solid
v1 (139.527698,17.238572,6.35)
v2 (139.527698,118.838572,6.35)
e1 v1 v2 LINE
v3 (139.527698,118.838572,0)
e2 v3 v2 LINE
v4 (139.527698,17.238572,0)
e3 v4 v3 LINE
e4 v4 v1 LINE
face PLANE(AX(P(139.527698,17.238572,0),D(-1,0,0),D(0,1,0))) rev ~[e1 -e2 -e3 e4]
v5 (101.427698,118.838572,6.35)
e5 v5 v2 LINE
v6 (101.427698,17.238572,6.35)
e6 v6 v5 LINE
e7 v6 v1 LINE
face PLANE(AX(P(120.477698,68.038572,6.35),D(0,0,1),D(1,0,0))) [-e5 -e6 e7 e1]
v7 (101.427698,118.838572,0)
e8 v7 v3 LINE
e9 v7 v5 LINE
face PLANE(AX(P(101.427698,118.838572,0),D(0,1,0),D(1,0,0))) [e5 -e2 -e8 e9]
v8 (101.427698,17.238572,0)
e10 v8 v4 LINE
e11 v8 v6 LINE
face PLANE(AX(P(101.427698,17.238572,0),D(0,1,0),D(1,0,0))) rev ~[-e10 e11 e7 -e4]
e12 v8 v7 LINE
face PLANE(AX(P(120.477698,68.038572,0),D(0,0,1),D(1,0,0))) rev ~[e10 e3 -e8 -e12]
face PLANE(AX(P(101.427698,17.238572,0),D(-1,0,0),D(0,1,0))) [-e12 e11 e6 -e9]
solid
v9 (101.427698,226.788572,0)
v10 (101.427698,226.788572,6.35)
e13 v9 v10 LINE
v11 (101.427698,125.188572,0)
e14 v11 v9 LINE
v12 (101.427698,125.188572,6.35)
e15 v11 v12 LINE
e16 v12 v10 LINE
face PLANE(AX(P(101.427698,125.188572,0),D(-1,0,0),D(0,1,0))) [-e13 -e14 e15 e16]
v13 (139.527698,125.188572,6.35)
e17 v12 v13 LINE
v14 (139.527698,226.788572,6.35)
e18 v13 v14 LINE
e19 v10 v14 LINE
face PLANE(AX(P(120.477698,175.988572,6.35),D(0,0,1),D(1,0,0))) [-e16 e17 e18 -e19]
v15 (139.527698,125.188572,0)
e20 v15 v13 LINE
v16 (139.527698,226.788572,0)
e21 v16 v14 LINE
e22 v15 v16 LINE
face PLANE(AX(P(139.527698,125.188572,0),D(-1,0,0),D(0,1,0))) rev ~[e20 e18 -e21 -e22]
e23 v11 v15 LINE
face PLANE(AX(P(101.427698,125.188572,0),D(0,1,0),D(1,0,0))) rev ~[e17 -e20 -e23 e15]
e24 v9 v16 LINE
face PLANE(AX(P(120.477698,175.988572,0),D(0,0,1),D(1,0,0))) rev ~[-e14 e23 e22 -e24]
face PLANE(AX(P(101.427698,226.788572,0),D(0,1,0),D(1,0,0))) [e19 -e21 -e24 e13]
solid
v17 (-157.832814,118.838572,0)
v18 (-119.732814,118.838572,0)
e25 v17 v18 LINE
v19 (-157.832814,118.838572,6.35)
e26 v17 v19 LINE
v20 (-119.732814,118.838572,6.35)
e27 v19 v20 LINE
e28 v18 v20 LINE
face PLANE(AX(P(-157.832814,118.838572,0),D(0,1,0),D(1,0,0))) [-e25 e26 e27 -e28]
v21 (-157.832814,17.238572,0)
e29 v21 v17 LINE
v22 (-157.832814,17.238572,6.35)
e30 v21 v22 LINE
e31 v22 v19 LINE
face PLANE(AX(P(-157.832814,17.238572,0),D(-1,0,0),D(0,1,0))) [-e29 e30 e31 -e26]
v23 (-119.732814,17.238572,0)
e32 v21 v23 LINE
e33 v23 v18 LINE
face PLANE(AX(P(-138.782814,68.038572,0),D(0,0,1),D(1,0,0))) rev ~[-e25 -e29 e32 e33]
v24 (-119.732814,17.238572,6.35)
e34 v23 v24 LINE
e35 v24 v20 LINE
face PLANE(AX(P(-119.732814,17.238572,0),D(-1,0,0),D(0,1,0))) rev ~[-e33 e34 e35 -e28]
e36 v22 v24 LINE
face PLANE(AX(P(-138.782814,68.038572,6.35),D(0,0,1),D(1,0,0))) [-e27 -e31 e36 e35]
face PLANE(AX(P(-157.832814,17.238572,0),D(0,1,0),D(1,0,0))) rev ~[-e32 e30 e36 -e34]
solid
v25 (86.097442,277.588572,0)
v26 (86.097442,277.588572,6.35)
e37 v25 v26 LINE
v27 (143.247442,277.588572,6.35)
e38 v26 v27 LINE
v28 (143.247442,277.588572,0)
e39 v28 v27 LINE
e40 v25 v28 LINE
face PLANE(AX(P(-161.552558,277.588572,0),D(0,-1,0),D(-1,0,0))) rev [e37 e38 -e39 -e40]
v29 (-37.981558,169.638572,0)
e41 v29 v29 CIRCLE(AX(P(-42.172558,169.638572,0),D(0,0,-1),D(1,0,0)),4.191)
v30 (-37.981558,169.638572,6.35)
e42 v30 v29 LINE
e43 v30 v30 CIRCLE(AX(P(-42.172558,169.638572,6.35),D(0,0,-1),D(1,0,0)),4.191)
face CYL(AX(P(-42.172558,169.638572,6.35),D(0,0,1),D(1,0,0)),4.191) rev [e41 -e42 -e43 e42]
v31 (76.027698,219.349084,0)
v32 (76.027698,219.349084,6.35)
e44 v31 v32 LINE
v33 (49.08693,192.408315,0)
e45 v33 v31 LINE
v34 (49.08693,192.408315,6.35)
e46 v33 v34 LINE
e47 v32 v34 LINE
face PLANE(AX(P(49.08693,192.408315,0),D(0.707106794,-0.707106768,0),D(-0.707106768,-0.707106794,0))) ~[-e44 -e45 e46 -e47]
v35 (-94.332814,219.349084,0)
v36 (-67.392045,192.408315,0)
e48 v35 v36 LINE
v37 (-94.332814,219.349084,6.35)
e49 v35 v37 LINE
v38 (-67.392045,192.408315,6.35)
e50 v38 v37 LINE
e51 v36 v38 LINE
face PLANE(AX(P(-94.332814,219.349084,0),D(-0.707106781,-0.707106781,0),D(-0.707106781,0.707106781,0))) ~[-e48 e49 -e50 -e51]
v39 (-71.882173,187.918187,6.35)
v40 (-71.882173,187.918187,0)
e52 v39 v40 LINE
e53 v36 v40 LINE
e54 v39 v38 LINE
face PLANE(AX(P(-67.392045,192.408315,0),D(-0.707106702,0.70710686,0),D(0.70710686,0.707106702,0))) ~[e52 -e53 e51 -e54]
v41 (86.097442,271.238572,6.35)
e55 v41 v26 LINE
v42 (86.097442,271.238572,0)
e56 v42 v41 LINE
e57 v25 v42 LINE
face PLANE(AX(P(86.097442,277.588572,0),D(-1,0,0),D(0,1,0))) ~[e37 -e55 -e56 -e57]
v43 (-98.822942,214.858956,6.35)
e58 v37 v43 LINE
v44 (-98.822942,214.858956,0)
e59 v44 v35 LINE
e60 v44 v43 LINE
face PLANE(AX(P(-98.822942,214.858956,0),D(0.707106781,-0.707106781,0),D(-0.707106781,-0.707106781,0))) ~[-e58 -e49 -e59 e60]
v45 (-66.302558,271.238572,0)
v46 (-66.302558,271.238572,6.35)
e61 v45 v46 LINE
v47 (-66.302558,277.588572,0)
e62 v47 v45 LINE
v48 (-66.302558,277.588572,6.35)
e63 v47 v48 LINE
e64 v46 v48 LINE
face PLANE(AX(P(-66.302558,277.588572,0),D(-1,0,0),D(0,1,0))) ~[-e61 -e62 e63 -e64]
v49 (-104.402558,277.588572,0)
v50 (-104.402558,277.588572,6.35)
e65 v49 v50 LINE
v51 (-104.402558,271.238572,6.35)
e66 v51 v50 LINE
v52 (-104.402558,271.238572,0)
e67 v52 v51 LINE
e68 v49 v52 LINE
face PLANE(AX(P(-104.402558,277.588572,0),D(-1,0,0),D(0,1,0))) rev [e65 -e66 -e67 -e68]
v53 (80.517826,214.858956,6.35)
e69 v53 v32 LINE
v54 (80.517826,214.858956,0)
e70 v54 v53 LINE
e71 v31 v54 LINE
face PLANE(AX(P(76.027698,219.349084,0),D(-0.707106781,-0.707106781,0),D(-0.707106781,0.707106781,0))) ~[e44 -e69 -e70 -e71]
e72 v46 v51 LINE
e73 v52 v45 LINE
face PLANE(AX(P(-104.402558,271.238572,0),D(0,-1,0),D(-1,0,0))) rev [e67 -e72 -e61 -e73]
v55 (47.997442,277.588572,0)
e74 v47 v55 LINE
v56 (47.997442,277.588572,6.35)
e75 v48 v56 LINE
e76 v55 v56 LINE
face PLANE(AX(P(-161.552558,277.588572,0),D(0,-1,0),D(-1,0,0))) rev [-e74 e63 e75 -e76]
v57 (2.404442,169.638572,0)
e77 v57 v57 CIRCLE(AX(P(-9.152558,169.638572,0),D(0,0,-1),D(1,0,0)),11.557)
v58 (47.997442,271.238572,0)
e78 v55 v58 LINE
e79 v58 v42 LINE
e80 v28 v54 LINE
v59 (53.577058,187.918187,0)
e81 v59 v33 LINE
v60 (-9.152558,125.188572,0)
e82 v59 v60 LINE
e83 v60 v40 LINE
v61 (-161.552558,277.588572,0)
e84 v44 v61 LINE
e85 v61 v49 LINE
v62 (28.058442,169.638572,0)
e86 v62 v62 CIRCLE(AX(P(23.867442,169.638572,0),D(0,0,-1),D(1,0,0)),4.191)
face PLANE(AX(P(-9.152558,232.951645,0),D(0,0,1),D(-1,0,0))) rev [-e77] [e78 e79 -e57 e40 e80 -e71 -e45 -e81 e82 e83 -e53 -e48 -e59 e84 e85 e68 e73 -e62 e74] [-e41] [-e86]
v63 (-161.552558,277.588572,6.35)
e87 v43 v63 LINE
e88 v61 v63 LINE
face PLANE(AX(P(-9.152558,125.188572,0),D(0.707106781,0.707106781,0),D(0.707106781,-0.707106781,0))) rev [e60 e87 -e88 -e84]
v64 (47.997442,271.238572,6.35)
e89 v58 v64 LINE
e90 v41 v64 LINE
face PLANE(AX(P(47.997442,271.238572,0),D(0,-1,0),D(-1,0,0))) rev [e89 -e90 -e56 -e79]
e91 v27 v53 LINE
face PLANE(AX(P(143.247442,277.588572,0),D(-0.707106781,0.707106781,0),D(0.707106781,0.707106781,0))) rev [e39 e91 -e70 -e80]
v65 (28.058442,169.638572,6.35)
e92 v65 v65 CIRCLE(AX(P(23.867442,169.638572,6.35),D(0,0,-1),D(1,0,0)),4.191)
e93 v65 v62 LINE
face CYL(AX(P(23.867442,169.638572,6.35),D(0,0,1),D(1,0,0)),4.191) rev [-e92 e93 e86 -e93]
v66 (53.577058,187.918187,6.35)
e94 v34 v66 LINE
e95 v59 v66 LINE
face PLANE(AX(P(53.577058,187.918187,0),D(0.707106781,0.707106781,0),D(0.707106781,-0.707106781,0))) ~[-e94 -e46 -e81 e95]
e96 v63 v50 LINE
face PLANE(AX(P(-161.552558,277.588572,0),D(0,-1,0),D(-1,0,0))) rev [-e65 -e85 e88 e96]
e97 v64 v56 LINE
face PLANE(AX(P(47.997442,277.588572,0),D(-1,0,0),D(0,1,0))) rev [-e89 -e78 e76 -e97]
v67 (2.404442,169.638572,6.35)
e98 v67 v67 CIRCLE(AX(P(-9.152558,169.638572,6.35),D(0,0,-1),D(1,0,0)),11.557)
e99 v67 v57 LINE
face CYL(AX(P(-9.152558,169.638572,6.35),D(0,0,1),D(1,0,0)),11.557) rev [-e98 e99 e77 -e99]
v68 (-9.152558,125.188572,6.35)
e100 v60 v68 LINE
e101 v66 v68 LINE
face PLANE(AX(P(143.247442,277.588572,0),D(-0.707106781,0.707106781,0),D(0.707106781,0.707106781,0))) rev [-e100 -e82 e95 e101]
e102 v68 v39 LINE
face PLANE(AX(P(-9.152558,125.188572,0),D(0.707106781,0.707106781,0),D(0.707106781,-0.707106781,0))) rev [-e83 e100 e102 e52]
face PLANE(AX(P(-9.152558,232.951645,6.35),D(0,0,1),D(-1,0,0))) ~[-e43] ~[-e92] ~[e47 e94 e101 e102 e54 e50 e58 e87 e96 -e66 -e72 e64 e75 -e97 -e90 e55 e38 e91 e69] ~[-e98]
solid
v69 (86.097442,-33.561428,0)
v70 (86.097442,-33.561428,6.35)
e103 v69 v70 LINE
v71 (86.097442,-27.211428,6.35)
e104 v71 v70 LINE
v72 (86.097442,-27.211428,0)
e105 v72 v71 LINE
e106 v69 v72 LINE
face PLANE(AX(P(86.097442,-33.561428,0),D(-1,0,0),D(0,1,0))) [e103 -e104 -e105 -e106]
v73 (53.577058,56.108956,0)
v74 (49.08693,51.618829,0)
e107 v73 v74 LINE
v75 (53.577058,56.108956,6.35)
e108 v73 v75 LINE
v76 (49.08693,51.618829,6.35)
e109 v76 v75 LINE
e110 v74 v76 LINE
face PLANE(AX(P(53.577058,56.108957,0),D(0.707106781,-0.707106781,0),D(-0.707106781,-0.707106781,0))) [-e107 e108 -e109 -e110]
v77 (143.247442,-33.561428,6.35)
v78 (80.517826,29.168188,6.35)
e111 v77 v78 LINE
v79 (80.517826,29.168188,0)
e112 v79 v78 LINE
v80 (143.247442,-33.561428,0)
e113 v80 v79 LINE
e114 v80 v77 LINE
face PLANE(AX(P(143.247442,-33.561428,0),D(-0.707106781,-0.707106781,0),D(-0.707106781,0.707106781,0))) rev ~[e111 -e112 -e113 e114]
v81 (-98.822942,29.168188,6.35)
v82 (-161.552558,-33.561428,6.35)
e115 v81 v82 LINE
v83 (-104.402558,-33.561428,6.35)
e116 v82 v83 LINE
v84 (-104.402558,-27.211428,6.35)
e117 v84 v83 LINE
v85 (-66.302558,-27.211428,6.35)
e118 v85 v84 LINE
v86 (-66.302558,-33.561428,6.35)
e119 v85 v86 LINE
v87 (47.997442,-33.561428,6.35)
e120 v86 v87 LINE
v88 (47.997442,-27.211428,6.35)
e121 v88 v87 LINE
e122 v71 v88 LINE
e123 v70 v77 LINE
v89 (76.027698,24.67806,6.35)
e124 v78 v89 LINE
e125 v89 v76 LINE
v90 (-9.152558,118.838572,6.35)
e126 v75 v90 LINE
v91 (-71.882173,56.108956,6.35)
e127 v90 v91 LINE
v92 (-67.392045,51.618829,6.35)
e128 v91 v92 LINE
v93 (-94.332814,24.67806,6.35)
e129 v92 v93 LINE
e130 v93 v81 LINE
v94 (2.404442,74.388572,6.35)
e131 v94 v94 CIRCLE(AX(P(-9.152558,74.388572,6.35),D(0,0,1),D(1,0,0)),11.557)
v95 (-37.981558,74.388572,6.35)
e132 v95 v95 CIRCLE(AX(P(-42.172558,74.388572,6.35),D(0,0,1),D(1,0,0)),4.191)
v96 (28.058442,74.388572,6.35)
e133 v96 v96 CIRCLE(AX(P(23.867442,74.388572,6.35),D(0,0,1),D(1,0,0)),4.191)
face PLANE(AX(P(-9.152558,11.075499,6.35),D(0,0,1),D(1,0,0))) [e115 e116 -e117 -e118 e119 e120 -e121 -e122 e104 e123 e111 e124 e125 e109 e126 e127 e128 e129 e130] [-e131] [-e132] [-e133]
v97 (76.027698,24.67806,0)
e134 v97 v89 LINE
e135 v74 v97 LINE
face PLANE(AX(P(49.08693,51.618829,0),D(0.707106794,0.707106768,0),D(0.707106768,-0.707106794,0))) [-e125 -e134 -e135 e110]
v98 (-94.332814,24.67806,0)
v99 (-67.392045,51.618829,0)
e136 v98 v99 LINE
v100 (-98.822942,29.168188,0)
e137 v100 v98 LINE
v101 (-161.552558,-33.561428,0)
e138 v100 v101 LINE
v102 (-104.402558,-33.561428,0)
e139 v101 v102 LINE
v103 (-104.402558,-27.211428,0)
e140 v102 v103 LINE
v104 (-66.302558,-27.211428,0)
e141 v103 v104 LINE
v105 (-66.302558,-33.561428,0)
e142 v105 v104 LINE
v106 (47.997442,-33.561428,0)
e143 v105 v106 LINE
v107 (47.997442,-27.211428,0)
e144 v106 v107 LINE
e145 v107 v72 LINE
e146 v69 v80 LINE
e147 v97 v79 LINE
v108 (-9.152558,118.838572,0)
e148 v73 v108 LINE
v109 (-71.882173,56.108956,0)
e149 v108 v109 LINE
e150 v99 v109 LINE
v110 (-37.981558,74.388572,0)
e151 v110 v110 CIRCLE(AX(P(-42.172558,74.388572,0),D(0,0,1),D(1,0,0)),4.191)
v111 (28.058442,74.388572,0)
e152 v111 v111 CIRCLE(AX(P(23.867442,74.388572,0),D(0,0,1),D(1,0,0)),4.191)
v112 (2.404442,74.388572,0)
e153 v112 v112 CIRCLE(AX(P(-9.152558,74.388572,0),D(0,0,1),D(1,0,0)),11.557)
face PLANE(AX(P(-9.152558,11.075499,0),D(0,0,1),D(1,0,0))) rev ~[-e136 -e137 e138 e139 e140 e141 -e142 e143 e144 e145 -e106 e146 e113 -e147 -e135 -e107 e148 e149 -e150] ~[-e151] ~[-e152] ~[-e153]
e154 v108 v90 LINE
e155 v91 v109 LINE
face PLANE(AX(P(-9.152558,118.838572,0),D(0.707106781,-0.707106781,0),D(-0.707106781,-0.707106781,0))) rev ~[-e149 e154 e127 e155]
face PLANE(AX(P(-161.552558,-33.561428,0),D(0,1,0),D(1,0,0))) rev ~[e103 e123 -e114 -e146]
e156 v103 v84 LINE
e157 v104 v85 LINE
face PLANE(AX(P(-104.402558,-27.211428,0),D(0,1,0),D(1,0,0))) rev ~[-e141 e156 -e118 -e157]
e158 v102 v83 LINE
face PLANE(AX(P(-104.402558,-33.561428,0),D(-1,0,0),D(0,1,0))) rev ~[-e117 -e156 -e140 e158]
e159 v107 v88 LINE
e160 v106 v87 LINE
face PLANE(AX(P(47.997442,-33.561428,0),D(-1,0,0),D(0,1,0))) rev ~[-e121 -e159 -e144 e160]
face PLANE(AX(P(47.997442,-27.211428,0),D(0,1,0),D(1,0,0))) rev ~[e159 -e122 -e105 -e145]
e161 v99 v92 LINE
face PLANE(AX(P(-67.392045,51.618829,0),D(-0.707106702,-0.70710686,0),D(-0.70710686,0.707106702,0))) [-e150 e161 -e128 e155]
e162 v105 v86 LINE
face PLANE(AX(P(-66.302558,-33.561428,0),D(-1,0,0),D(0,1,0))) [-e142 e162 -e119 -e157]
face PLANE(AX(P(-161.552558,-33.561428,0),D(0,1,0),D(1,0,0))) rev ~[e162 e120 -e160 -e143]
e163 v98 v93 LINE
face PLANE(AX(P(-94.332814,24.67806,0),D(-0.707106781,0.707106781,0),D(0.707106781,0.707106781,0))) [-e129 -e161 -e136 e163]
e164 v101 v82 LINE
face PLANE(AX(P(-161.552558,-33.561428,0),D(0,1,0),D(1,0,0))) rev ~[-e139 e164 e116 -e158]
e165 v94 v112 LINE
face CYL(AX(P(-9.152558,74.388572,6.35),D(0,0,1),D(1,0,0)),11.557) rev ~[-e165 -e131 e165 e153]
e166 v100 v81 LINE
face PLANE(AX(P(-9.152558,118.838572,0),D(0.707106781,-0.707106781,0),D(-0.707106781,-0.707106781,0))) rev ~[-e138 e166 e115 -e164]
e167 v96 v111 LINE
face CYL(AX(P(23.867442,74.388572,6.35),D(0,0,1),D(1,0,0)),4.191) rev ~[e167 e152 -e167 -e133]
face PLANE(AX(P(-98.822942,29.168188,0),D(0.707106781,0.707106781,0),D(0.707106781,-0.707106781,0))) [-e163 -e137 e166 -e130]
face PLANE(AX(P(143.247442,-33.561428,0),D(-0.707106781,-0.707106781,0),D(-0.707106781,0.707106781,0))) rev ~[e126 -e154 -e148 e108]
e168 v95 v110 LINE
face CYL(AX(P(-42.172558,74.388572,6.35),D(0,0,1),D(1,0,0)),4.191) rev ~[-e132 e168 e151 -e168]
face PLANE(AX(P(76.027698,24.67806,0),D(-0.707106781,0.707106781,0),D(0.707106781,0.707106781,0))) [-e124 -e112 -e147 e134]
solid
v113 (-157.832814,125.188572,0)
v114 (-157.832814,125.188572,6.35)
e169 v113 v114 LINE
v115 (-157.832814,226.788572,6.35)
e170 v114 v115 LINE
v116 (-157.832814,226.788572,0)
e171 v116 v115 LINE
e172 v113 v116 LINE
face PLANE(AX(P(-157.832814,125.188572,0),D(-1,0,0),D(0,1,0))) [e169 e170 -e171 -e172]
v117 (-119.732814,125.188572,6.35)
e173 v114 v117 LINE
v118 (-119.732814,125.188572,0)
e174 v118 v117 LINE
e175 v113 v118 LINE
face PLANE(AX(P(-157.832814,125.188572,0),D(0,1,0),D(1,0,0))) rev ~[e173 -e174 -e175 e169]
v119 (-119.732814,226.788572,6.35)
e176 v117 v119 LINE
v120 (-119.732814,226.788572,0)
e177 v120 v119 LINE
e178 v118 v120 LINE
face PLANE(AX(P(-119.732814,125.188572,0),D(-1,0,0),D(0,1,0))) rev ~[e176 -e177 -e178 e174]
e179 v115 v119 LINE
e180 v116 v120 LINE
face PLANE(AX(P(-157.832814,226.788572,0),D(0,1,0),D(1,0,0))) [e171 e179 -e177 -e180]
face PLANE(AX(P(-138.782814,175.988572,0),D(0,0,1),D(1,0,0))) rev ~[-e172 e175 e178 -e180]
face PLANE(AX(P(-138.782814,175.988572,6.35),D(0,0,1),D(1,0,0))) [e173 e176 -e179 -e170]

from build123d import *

# Parameters (mm, degrees)
F1_DEPTH  = 6.35
F2_R      = 11.557
F3_DEPTH  = 25.4
F4_W      = 38.1
F4_H      = 101.6
F6_DEPTH  = 6.35
F7_W      = 38.1
F7_H      = 6.35
F8_DEPTH  = 25.4
F9_R      = 4.191
F10_DEPTH = 25.4


with BuildPart() as f1:
    # F0 (on Top) → F1 (new body)
    with BuildSketch(Plane.XY):
        Polygon((-9.152558, 118.838572), (-161.552558, -33.561428), (143.247442, -33.561428), align=None)
    extrude(amount=F1_DEPTH)

    # F2 (on face) → F3 (cut)
    with BuildSketch(Plane.XY.offset(6.35)):
        with Locations((-9.152558, 74.388572)):
            Circle(F2_R)
    extrude(amount=-F3_DEPTH, mode=Mode.SUBTRACT)

    # F7 (on Top) → F8 (cut)
    with BuildSketch(Plane.XY):
        Polygon((76.027698, 24.67806), (80.517826, 29.168188), (53.577058, 56.108957), (49.08693, 51.618829), align=None)
        Polygon((-71.882174, 56.108957), (-98.822942, 29.168188), (-94.332814, 24.67806), (-67.392045, 51.618829), align=None)
        with Locations((-85.352558, -30.386428)):
            Rectangle(F7_W, F7_H)
        with Locations((67.047442, -30.386428)):
            Rectangle(F7_W, F7_H)
    extrude(amount=F8_DEPTH, mode=Mode.SUBTRACT)

    # F9 (on face) → F10 (cut)
    with BuildSketch(Plane.XY.offset(6.35)):
        with Locations((-42.172558, 74.388572)):
            Circle(F9_R)
        with Locations((23.867442, 74.388572)):
            Circle(F9_R)
    extrude(amount=-F10_DEPTH, mode=Mode.SUBTRACT)


with BuildPart() as f6:
    # F4 (on Top) → F6 (new body)
    with BuildSketch(Plane.XY):
        with Locations((-138.782814, 175.988572)):
            Rectangle(F4_W, F4_H)
        with Locations((-138.782814, 68.038572)):
            Rectangle(F4_W, F4_H)
        with Locations((120.477698, 175.988572)):
            Rectangle(F4_W, F4_H)
        with Locations((120.477698, 68.038572)):
            Rectangle(F4_W, F4_H)
    extrude(amount=F6_DEPTH)


with BuildPart() as f11_1:
    # F11: instance of F1
    add(f1.part.mirror(Plane(origin=(-9.152558, 122.013572, 3.175), x_dir=(1, 0, 0), z_dir=(0, -1, 0))))


solid = Compound([f1.part, f6.part, f11_1.part])
